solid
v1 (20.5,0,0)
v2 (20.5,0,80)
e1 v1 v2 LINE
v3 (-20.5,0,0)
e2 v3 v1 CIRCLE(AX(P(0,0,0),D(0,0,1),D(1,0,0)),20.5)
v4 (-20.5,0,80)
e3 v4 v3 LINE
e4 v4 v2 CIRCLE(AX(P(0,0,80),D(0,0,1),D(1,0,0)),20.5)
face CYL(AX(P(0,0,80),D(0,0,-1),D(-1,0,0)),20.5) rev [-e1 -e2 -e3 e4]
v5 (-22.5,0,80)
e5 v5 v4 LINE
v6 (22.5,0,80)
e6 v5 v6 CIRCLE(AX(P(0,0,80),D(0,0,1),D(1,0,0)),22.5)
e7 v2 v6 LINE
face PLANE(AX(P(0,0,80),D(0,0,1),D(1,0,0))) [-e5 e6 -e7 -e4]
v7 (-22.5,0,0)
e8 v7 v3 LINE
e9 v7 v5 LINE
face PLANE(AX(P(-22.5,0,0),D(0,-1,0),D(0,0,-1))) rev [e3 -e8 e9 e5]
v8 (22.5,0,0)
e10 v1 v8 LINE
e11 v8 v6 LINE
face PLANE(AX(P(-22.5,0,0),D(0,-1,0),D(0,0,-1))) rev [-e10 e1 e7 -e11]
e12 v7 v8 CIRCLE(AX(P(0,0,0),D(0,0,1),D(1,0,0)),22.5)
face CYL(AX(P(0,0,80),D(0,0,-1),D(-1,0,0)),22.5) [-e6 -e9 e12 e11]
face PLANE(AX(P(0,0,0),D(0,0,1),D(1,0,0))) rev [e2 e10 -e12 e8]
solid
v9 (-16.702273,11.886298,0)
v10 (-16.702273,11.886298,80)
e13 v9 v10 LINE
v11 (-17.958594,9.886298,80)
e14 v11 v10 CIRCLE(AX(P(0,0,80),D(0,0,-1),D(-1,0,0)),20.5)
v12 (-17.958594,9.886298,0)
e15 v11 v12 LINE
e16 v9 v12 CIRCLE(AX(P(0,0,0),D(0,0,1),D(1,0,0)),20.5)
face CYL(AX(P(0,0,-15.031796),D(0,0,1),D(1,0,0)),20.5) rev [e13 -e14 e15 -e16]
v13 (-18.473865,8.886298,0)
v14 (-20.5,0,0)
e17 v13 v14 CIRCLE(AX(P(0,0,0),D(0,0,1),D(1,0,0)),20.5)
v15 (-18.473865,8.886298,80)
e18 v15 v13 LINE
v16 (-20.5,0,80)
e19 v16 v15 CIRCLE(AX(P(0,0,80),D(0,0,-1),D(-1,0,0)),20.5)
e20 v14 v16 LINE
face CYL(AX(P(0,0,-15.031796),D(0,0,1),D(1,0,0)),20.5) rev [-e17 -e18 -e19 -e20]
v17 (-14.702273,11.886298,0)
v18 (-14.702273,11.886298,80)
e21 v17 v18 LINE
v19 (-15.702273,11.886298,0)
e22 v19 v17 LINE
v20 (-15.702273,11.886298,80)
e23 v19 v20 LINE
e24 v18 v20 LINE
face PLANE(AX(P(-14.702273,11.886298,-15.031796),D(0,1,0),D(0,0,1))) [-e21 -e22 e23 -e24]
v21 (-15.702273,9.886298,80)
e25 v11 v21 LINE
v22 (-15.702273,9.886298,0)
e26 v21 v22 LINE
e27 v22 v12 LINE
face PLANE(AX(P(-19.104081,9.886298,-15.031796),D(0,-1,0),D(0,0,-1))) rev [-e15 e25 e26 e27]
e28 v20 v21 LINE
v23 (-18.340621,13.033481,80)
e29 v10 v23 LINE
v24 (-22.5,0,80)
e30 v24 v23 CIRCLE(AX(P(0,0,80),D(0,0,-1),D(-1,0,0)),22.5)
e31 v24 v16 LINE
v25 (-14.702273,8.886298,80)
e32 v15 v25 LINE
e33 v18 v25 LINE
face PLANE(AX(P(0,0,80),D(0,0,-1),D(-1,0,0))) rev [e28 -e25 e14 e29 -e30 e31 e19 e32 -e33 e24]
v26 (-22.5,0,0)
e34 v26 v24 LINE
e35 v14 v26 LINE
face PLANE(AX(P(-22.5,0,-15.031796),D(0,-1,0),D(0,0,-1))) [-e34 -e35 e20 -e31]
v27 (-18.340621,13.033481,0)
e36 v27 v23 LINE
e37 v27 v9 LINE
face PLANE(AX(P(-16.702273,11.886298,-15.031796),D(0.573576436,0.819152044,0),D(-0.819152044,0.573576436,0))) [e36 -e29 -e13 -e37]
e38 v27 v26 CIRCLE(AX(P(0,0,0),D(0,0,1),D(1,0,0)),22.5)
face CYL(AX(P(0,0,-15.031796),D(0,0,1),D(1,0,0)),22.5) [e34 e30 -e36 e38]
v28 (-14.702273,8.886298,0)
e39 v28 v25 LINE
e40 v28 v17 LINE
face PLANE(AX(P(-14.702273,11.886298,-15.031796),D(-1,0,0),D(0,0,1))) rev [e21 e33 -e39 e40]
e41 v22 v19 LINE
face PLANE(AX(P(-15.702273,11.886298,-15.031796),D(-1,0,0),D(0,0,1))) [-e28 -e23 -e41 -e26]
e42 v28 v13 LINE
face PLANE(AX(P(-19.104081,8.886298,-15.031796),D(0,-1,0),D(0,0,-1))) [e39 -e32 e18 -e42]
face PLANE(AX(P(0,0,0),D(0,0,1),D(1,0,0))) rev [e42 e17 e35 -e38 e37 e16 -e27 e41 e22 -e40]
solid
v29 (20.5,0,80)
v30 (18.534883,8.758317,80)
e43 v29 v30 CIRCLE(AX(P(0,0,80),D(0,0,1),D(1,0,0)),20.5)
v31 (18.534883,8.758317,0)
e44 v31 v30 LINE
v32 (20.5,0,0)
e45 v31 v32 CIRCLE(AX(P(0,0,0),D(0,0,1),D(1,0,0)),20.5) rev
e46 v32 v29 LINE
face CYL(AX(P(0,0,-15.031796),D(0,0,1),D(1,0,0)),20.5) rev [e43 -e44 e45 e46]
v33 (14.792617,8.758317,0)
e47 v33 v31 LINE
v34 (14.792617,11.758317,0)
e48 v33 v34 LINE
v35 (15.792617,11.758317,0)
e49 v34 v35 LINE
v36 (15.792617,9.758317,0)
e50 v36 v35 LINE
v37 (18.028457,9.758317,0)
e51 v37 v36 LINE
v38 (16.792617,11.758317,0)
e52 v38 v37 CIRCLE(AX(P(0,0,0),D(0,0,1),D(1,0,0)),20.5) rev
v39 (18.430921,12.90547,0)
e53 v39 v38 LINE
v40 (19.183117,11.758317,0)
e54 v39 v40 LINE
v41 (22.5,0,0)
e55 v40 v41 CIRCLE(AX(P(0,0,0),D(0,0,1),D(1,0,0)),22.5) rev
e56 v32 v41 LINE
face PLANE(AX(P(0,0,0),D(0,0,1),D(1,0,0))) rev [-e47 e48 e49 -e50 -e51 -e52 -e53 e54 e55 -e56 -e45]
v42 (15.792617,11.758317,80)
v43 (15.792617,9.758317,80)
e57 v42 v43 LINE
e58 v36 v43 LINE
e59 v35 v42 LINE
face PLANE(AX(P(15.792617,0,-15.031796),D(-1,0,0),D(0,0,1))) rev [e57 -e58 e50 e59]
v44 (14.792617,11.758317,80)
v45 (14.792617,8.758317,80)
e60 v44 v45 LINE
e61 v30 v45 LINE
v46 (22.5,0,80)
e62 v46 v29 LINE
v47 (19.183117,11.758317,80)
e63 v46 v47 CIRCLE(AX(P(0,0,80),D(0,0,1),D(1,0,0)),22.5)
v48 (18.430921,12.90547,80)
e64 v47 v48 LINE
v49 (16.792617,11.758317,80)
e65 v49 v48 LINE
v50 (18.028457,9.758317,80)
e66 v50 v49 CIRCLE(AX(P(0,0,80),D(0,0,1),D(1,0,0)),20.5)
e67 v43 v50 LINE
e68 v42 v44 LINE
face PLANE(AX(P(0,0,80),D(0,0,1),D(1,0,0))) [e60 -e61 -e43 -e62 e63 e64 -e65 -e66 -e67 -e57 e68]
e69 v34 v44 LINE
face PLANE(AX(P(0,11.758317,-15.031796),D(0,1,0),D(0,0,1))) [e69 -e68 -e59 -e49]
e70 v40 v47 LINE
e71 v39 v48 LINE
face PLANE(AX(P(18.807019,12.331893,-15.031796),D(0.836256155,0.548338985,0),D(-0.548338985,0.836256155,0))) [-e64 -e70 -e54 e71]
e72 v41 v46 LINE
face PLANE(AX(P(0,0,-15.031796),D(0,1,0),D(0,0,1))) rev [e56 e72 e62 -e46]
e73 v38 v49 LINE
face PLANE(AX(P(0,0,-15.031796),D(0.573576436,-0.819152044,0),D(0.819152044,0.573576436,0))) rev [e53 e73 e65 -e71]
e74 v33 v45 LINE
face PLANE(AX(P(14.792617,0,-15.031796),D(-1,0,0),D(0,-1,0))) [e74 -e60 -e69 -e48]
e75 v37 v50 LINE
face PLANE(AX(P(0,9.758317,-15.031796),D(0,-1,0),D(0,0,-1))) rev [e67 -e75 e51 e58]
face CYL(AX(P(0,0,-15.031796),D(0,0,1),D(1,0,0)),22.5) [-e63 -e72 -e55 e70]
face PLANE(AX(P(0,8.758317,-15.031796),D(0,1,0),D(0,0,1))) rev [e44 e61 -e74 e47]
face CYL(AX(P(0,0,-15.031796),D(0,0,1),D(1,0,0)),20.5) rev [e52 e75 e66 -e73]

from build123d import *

# Parameters (mm, degrees)
SKETCH1_R           = 22.5
SKETCH1_R_2         = 20.5
BOSS_EXTRUDE1_DEPTH = 80
SKETCH2_W           = 45
SKETCH2_H           = 22.5
CUT_EXTRUDE1_DEPTH  = 87.095876789
SKETCH4_W           = 4.401808348
SKETCH4_H           = 1
SKETCH4_W_2         = 1
SKETCH4_H_2         = 3
BOSS_EXTRUDE2_DEPTH = 80


with BuildPart() as part:
    # Sketch1 → Boss-Extrude1 (new body)
    with BuildSketch(Plane.XY):
        Circle(SKETCH1_R)
        Circle(SKETCH1_R_2, mode=Mode.SUBTRACT)
    extrude(amount=BOSS_EXTRUDE1_DEPTH)

    # Sketch2 → Cut-Extrude1 (cut, through all)
    with BuildSketch(Plane.XY.offset(80)):
        with Locations((0, 11.25)):
            Rectangle(SKETCH2_W, SKETCH2_H)
    extrude(amount=-CUT_EXTRUDE1_DEPTH, mode=Mode.SUBTRACT)


with BuildPart() as body_2:
    # Sketch4 → Boss-Extrude2 (new body)
    with BuildSketch(Plane.XY.offset(80)):
        with BuildLine():
            ThreePointArc((22.5, 0), (21.654908627, 6.108594957), (19.183117125, 11.758316945))
            Line((19.183117125, 11.758316945), (19.183117125, 8.758316945))
            Line((19.183117125, 8.758316945), (18.534882905, 8.758316945))
            ThreePointArc((18.534882905, 8.758316945), (20.002688564, 4.488034116), (20.5, 0))
            Line((20.5, 0), (22.5, 0))
        make_face()
        Polygon((16.792616908, 11.758316945), (18.430920997, 12.905469818), (19.183117125, 11.758316945), align=None)
        with BuildLine():
            Line((19.183117125, 8.758316945), (19.183117125, 11.758316945))
            Line((19.183117125, 11.758316945), (16.792616908, 11.758316945))
            ThreePointArc((16.792616908, 11.758316945), (17.439231391, 10.776047906), (18.028456684, 9.758316945))
            ThreePointArc((18.028456684, 9.758316945), (18.288505966, 9.261778962), (18.534882905, 8.758316945))
            Line((18.534882905, 8.758316945), (19.183117125, 8.758316945))
        make_face()
        with BuildLine():
            Line((15.792616908, 9.758316945), (15.792616908, 11.758316945))
            Line((15.792616908, 11.758316945), (14.792616908, 11.758316945))
            Line((14.792616908, 11.758316945), (14.792616908, 8.758316945))
            Line((14.792616908, 8.758316945), (18.534882905, 8.758316945))
            ThreePointArc((18.534882905, 8.758316945), (18.288505966, 9.261778962), (18.028456684, 9.758316945))
            Line((18.028456684, 9.758316945), (15.792616908, 9.758316945))
        make_face()
        with BuildLine():
            Line((-16.702272837, 11.886298081), (-18.340620511, 13.033481472))
            ThreePointArc((-18.340620511, 13.033481472), (-21.43494765, 6.840542322), (-22.5, 0))
            Line((-22.5, 0), (-20.5, 0))
            ThreePointArc((-20.5, 0), (-19.527501033, 6.239126815), (-16.702272837, 11.886298081))
        make_face()
        with Locations((-16.903177011, 9.386298081)):
            Rectangle(SKETCH4_W, SKETCH4_H)
        with Locations((-15.202272837, 10.386298081)):
            Rectangle(SKETCH4_W_2, SKETCH4_H_2)
    extrude(amount=-BOSS_EXTRUDE2_DEPTH)


solid = Compound([part.part, body_2.part])
